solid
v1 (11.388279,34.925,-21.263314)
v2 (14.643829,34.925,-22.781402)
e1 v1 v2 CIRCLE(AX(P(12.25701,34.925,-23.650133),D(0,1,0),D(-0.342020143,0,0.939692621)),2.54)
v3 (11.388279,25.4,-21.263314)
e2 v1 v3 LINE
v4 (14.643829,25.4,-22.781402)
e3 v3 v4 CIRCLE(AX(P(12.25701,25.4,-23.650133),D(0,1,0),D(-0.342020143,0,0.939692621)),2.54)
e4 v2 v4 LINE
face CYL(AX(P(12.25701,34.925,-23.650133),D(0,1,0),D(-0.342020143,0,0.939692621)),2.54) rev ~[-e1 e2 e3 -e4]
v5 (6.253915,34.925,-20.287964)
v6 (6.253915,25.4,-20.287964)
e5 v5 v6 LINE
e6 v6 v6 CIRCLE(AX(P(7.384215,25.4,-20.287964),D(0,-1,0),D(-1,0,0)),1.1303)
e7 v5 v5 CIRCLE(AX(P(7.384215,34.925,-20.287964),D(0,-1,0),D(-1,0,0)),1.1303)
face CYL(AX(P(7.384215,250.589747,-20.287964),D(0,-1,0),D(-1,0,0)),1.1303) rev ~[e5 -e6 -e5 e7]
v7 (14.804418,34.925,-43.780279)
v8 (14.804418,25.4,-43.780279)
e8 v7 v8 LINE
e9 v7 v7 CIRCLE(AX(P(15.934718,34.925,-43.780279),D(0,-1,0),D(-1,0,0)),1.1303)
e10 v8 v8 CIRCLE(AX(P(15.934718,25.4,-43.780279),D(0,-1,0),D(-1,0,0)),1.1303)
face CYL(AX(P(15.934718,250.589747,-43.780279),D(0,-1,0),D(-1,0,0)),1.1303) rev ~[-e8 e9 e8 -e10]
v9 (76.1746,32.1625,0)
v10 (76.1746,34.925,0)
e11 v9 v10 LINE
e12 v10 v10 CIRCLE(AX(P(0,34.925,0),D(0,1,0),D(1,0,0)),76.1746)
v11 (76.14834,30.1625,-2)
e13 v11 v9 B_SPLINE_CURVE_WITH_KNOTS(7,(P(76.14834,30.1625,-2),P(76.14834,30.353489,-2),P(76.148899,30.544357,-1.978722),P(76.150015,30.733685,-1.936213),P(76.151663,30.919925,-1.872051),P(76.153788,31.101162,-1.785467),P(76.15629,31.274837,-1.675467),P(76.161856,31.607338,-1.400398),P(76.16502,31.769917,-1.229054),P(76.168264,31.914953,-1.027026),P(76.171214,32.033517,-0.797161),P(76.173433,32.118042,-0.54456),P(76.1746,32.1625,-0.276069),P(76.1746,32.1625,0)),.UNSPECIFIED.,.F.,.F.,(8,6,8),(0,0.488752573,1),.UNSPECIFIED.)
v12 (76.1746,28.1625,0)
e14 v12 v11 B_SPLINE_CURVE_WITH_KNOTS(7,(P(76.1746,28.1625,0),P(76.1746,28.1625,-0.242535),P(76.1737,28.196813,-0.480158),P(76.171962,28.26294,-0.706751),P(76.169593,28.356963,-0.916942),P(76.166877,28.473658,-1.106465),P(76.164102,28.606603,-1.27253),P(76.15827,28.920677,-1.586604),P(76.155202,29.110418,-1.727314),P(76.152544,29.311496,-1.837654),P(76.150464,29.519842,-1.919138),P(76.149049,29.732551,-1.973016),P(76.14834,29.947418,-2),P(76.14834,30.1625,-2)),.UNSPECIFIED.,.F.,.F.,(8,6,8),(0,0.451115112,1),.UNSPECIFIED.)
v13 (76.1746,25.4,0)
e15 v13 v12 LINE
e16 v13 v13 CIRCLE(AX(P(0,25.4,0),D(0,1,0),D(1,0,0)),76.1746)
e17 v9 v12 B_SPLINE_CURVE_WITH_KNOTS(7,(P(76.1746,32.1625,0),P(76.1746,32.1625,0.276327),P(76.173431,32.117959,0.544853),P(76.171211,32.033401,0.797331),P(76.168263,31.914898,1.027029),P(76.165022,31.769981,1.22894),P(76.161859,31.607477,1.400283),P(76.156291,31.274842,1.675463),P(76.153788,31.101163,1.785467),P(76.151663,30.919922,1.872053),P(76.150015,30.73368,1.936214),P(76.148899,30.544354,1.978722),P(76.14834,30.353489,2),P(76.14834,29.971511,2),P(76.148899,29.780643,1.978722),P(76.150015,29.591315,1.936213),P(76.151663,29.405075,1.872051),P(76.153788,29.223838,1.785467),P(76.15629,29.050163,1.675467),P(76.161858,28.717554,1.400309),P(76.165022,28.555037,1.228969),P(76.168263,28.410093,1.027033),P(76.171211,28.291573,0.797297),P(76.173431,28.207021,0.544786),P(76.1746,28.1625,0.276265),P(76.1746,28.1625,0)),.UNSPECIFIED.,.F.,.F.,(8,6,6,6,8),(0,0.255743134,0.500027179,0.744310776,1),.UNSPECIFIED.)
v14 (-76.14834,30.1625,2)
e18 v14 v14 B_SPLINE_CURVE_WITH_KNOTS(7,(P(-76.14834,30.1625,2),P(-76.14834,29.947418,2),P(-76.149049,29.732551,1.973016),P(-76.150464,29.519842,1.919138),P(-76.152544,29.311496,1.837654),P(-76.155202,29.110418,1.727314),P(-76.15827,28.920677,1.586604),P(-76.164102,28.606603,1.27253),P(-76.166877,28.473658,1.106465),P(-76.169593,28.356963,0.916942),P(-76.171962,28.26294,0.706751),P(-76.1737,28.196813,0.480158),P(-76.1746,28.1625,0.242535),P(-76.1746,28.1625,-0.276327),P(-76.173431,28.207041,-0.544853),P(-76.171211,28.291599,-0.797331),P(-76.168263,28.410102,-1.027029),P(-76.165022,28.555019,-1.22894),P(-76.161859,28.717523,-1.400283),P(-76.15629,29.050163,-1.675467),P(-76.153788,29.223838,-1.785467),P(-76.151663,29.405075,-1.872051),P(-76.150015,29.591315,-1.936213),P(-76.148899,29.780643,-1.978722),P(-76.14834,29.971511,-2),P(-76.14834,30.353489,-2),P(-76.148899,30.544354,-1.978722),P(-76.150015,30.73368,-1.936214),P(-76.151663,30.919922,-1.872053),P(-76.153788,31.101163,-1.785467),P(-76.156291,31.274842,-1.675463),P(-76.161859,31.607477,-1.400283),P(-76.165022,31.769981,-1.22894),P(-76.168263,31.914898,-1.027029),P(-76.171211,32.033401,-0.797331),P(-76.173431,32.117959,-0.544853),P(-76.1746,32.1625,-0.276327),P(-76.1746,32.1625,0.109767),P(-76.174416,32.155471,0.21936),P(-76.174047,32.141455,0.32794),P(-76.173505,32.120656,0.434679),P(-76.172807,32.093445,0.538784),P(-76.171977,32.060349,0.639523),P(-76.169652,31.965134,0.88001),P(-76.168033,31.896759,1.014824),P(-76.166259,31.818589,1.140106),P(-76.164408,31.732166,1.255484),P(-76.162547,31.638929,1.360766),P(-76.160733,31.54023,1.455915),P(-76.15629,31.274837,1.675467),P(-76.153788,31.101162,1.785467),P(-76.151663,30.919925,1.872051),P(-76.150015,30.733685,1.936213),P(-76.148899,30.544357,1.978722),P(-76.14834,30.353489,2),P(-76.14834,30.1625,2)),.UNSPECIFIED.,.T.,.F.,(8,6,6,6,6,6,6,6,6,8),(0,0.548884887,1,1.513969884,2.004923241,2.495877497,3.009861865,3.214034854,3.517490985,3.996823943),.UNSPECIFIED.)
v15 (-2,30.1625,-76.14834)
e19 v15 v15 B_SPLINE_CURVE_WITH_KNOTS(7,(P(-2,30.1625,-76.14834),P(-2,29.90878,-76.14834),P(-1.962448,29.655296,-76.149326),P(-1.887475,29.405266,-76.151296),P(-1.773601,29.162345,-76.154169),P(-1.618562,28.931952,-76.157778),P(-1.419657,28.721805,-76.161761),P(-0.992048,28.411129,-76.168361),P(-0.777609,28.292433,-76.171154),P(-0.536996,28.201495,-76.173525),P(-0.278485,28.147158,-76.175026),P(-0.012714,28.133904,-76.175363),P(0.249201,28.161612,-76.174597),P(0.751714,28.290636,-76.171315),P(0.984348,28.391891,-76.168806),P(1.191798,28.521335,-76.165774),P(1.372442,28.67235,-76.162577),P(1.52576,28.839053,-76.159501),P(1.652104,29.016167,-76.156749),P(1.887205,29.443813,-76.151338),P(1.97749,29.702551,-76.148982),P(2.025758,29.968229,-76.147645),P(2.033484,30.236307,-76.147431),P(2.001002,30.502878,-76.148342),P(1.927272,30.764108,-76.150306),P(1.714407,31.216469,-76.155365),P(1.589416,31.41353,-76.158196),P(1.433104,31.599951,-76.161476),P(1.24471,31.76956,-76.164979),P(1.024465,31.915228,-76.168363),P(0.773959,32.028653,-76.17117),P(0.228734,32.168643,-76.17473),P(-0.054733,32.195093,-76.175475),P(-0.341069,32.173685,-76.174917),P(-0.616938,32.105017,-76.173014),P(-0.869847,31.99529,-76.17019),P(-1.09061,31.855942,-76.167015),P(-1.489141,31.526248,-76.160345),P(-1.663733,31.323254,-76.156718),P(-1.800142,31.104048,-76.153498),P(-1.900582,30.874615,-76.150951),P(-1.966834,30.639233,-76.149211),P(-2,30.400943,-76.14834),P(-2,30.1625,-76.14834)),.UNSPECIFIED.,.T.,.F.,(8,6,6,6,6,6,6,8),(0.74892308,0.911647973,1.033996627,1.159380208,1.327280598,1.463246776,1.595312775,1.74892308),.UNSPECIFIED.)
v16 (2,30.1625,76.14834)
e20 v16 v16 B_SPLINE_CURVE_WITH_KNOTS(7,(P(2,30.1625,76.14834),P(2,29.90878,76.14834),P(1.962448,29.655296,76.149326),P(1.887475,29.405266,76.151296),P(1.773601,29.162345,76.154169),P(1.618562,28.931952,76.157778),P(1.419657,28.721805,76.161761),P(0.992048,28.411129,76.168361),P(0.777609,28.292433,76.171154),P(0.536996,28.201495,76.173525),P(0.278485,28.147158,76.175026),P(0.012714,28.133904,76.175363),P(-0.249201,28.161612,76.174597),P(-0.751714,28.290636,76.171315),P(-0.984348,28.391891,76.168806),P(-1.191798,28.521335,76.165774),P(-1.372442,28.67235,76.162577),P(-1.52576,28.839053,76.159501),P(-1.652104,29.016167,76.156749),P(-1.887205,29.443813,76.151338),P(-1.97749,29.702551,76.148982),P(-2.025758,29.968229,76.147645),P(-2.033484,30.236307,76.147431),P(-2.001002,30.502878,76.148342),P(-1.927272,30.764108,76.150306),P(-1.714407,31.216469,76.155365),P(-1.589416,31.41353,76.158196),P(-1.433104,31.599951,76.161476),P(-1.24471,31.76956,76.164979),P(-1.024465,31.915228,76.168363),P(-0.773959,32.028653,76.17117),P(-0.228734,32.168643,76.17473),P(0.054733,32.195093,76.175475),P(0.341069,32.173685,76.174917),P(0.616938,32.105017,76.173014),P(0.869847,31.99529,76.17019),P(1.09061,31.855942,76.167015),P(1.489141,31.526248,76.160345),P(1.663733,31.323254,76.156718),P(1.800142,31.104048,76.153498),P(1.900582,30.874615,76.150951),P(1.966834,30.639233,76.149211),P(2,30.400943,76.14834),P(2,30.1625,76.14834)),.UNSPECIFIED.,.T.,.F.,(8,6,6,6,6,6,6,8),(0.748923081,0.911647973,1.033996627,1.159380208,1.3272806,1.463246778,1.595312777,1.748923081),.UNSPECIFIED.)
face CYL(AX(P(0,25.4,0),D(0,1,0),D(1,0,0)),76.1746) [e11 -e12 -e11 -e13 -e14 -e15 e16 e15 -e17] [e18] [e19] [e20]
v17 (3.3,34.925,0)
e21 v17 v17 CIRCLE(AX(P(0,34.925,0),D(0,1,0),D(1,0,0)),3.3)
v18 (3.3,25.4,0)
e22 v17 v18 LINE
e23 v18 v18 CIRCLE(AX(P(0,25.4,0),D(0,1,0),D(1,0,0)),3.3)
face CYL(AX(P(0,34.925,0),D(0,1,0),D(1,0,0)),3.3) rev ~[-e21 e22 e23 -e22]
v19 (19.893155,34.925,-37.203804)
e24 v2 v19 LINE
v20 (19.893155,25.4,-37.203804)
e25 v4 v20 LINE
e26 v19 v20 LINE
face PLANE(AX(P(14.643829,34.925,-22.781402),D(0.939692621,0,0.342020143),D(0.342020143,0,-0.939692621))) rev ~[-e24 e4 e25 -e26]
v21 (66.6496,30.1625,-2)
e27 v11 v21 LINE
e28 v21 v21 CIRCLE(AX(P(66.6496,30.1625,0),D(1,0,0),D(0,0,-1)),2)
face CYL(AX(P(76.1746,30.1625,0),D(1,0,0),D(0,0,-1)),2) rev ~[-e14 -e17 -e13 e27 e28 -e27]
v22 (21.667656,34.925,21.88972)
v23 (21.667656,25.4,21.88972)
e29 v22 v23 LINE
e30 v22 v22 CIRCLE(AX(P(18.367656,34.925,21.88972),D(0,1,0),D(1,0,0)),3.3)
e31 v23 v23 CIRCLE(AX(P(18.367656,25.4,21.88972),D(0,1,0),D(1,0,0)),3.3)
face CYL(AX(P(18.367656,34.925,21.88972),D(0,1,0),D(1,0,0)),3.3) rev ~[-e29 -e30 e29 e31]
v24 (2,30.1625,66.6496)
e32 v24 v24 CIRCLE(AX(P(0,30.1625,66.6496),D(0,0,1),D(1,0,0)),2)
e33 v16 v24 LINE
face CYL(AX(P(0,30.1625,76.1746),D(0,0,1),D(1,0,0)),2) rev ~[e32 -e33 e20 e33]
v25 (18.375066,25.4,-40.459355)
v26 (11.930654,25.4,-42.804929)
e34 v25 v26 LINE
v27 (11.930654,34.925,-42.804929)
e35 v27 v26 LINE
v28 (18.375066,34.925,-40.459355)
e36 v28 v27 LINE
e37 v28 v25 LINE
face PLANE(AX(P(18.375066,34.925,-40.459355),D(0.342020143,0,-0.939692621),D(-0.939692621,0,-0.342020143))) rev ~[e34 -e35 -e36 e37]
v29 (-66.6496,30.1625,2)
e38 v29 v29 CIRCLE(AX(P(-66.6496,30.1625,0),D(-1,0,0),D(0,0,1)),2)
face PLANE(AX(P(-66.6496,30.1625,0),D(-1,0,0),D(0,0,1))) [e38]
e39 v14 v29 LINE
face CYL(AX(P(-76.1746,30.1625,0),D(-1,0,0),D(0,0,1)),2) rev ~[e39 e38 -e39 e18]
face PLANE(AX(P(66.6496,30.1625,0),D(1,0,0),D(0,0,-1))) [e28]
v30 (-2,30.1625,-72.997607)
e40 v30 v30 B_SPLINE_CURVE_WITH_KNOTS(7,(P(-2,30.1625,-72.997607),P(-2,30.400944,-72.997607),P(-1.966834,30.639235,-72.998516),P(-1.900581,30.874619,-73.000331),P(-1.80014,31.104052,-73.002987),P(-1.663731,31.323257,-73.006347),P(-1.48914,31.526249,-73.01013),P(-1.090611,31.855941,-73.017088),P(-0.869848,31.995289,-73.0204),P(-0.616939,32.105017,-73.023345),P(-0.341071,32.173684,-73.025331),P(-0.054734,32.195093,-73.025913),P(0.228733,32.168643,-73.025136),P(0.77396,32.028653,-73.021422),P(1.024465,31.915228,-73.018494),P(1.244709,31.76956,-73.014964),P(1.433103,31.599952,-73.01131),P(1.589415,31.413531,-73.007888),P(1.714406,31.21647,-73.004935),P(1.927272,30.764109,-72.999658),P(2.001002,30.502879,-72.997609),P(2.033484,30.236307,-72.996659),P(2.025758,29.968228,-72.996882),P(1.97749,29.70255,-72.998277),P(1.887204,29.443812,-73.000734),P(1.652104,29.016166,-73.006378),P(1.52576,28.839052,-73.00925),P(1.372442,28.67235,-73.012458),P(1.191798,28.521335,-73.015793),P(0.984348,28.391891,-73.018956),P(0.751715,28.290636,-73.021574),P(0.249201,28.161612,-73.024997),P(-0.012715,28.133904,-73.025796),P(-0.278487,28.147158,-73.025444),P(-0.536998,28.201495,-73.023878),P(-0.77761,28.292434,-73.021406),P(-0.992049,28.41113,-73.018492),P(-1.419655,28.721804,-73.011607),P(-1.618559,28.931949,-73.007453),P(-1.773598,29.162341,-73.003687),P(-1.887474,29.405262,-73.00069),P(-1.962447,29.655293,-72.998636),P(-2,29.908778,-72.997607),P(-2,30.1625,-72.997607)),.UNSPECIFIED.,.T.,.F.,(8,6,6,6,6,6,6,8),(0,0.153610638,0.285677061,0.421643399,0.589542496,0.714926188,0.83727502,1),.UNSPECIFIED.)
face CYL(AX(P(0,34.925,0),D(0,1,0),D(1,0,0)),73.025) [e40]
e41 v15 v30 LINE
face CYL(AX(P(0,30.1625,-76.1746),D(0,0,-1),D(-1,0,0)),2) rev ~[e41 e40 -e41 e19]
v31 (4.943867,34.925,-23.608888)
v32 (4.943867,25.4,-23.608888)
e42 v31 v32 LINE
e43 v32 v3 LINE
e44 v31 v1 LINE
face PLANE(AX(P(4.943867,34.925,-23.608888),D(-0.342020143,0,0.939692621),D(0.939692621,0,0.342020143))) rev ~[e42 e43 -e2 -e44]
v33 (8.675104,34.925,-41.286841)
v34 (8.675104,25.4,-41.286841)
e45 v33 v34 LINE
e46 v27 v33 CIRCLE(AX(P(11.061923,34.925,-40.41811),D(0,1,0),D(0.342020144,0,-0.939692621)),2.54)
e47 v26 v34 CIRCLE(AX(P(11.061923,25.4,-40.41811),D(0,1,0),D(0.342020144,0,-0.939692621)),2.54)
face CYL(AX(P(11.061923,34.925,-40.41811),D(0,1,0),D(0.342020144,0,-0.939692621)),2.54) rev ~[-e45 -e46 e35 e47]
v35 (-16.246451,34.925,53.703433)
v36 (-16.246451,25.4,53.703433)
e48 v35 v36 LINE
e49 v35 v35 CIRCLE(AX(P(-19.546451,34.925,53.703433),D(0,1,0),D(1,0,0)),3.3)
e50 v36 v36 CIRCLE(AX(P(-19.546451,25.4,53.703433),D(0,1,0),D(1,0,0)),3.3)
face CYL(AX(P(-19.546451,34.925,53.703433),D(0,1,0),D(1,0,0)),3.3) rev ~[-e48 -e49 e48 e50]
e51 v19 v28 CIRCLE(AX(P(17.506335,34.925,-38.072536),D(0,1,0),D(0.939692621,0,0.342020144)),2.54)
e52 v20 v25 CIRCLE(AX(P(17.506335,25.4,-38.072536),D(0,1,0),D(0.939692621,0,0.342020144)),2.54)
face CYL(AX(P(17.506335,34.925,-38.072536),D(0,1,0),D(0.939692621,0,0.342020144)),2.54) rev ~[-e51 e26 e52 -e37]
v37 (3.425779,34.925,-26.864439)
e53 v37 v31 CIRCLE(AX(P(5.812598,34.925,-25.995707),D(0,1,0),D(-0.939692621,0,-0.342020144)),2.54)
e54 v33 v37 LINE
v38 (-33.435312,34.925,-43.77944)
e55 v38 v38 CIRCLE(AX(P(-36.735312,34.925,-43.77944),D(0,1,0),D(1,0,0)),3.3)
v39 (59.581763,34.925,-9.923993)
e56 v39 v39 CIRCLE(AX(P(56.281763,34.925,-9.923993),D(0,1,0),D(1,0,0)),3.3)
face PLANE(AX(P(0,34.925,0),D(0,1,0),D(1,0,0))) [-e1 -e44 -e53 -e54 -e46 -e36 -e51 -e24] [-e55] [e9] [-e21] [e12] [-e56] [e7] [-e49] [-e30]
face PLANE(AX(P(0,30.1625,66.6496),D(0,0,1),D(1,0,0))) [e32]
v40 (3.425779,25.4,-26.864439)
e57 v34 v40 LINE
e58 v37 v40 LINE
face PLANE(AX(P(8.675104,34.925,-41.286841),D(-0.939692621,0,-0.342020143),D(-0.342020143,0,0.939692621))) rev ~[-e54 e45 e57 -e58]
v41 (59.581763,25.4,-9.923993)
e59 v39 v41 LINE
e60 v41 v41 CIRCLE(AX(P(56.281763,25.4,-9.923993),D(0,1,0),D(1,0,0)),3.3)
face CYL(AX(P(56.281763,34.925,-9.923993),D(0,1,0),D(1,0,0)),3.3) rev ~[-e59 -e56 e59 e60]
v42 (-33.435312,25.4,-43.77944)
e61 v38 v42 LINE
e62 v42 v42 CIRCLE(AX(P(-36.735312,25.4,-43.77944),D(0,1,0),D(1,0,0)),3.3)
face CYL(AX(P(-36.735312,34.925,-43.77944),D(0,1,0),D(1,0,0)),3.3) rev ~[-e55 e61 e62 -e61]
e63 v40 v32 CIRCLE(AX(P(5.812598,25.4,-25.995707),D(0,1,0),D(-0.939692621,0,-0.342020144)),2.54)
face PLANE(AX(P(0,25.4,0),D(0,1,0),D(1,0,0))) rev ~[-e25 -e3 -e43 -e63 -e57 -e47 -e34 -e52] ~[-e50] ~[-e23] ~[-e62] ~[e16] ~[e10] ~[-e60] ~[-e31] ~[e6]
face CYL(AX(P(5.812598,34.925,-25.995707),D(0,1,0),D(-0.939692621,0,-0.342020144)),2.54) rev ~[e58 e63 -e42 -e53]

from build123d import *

# Parameters (mm, degrees)
SKETCH1_R                 = 78.359
BOSS_EXTRUDE1_DEPTH       = 25.4
SKETCH6_R                 = 76.1746
BOSS_EXTRUDE5_DEPTH       = 9.525
SKETCH7_R                 = 76.1746
BOSS_EXTRUDE6_DEPTH       = 9.525
SKETCH8_R                 = 73.025
CUT_EXTRUDE5_DEPTH        = 34.925
SKETCH3_R                 = 2
CUT_EXTRUDE2_DEPTH        = 9.525
CUT_EXTRUDE3_START        = 25.4
SKETCH1_7_R               = 78.359
SKETCH1_7_R_2             = 76.1746
CUT_EXTRUDE3_DEPTH        = 9.525
CIRPATTERN2_COUNT         = 3
SKETCH4_R                 = 73.025
BOSS_EXTRUDE4_DEPTH       = 9.525
CIRPATTERN3_COUNT         = 4
SKETCH9_R                 = 3.3
CUT_EXTRUDE6_DEPTH        = 45.4500001
SKETCH10_R                = 82.322787435
CUT_EXTRUDE7_DEPTH        = 35.9250001
TAP_DRILL_FOR_4_40_TAP1_D = 2.2606
CUT_EXTRUDE9_DEPTH        = 10.5250001


with BuildPart() as part:
    # Sketch1 → Boss-Extrude1 (new body)
    with BuildSketch(Plane(origin=(0, 0, 0), x_dir=(1, 0, 0), z_dir=(0, 1, 0))):
        Circle(SKETCH1_R)
    extrude(amount=BOSS_EXTRUDE1_DEPTH)

    # Sketch6 → Boss-Extrude5 (add)
    with BuildSketch(Plane(origin=(0, 25.4, 0), x_dir=(1, 0, 0), z_dir=(0, 1, 0))):
        Circle(SKETCH6_R)
    extrude(amount=BOSS_EXTRUDE5_DEPTH)

    # Sketch7 → Boss-Extrude6 (add)
    with BuildSketch(Plane.XZ):
        Circle(SKETCH7_R)
    extrude(amount=BOSS_EXTRUDE6_DEPTH)

    # Sketch8 → Cut-Extrude5 (cut)
    with BuildSketch(Plane.XZ.offset(9.525)):
        Circle(SKETCH8_R)
    extrude(amount=-CUT_EXTRUDE5_DEPTH, mode=Mode.SUBTRACT)

    # Sketch3 → Cut-Extrude2 (cut)
    with BuildSketch(Plane(origin=(0, 0, -76.1746), x_dir=(-1, 0, 0), z_dir=(0, 0, -1))):
        with Locations((0, 30.1625)):
            Circle(SKETCH3_R)
        with Locations((0, -4.7625)):
            Circle(SKETCH3_R)
    cut_extrude2 = extrude(amount=-CUT_EXTRUDE2_DEPTH, mode=Mode.SUBTRACT)

    # Sketch1<7> → Cut-Extrude3 (cut)
    with BuildSketch(Plane(origin=(0, 0, 0), x_dir=(1, 0, 0), z_dir=(0, 1, 0)).offset(CUT_EXTRUDE3_START)):
        Circle(SKETCH1_7_R)
        Circle(SKETCH1_7_R_2, mode=Mode.SUBTRACT)
    cut_extrude3 = extrude(amount=-CUT_EXTRUDE3_DEPTH, mode=Mode.SUBTRACT)

    # CirPattern2: Cut-Extrude3 ×3 about axis
    cirpattern2_axis = Axis((0, 0, 0), (0, 1, 0))
    for i in range(1, CIRPATTERN2_COUNT):
        add(cut_extrude3.rotate(cirpattern2_axis, i * 360 / CIRPATTERN2_COUNT), mode=Mode.SUBTRACT)

    # Sketch4 → Boss-Extrude4 (add)
    with BuildSketch(Plane(origin=(0, 34.925, 0), x_dir=(1, 0, 0), z_dir=(0, 1, 0))):
        Circle(SKETCH4_R)
    extrude(amount=-BOSS_EXTRUDE4_DEPTH)

    # CirPattern3: Cut-Extrude2 ×4 about axis
    cirpattern3_axis = Axis((0, 0, 0), (0, 1, 0))
    for i in range(1, CIRPATTERN3_COUNT):
        add(cut_extrude2.rotate(cirpattern3_axis, i * 360 / CIRPATTERN3_COUNT), mode=Mode.SUBTRACT)

    # Sketch9 → Cut-Extrude6 (cut, through all)
    with BuildSketch(Plane(origin=(0, 34.925, 0), x_dir=(1, 0, 0), z_dir=(0, 1, 0))):
        Circle(SKETCH9_R)
        with Locations((-19.546451191, -53.703433278)):
            Circle(SKETCH9_R)
        with Locations((-36.735311894, 43.779439924)):
            Circle(SKETCH9_R)
        with Locations((56.281763085, 9.923993354)):
            Circle(SKETCH9_R)
        with Locations((18.367655947, -21.889719962)):
            Circle(SKETCH9_R)
    extrude(amount=-CUT_EXTRUDE6_DEPTH, mode=Mode.SUBTRACT)

    # Sketch10 → Cut-Extrude7 (cut, through all)
    with BuildSketch(Plane(origin=(0, 25.4, 0), x_dir=(1, 0, 0), z_dir=(0, 1, 0))):
        Circle(SKETCH10_R)
    extrude(amount=-CUT_EXTRUDE7_DEPTH, mode=Mode.SUBTRACT)

    # Tap Drill for #4-40 Tap1 (through all)
    with Locations(Plane(origin=(0, 34.925, 0), x_dir=(1, 0, 0), z_dir=(0, 1, 0))):
        with Locations((7.384214894, 20.287963683), (15.934718491, 43.780279238)):
            Hole(TAP_DRILL_FOR_4_40_TAP1_D / 2)

    # Sketch14 → Cut-Extrude9 (cut, through all)
    with BuildSketch(Plane(origin=(0, 34.925, 0), x_dir=(1, 0, 0), z_dir=(0, 1, 0))):
        with BuildLine():
            Line((14.64382936, 22.781402035), (19.893154532, 37.203804415))
            ThreePointArc((19.893154532, 37.203804415), (19.808357055, 39.145985964), (18.37506644, 40.459354836))
            Line((18.37506644, 40.459354836), (11.930654446, 42.804928978))
            ThreePointArc((11.930654446, 42.804928978), (9.988472897, 42.720131501), (8.675104025, 41.286840886))
            Line((8.675104025, 41.286840886), (3.425778853, 26.864438506))
            ThreePointArc((3.425778853, 26.864438506), (3.51057633, 24.922256957), (4.943866945, 23.608888085))
            Line((4.943866945, 23.608888085), (11.388278939, 21.263313942))
            ThreePointArc((11.388278939, 21.263313942), (13.330460488, 21.34811142), (14.64382936, 22.781402035))
        make_face()
    extrude(amount=-CUT_EXTRUDE9_DEPTH, mode=Mode.SUBTRACT)


solid = part.part
